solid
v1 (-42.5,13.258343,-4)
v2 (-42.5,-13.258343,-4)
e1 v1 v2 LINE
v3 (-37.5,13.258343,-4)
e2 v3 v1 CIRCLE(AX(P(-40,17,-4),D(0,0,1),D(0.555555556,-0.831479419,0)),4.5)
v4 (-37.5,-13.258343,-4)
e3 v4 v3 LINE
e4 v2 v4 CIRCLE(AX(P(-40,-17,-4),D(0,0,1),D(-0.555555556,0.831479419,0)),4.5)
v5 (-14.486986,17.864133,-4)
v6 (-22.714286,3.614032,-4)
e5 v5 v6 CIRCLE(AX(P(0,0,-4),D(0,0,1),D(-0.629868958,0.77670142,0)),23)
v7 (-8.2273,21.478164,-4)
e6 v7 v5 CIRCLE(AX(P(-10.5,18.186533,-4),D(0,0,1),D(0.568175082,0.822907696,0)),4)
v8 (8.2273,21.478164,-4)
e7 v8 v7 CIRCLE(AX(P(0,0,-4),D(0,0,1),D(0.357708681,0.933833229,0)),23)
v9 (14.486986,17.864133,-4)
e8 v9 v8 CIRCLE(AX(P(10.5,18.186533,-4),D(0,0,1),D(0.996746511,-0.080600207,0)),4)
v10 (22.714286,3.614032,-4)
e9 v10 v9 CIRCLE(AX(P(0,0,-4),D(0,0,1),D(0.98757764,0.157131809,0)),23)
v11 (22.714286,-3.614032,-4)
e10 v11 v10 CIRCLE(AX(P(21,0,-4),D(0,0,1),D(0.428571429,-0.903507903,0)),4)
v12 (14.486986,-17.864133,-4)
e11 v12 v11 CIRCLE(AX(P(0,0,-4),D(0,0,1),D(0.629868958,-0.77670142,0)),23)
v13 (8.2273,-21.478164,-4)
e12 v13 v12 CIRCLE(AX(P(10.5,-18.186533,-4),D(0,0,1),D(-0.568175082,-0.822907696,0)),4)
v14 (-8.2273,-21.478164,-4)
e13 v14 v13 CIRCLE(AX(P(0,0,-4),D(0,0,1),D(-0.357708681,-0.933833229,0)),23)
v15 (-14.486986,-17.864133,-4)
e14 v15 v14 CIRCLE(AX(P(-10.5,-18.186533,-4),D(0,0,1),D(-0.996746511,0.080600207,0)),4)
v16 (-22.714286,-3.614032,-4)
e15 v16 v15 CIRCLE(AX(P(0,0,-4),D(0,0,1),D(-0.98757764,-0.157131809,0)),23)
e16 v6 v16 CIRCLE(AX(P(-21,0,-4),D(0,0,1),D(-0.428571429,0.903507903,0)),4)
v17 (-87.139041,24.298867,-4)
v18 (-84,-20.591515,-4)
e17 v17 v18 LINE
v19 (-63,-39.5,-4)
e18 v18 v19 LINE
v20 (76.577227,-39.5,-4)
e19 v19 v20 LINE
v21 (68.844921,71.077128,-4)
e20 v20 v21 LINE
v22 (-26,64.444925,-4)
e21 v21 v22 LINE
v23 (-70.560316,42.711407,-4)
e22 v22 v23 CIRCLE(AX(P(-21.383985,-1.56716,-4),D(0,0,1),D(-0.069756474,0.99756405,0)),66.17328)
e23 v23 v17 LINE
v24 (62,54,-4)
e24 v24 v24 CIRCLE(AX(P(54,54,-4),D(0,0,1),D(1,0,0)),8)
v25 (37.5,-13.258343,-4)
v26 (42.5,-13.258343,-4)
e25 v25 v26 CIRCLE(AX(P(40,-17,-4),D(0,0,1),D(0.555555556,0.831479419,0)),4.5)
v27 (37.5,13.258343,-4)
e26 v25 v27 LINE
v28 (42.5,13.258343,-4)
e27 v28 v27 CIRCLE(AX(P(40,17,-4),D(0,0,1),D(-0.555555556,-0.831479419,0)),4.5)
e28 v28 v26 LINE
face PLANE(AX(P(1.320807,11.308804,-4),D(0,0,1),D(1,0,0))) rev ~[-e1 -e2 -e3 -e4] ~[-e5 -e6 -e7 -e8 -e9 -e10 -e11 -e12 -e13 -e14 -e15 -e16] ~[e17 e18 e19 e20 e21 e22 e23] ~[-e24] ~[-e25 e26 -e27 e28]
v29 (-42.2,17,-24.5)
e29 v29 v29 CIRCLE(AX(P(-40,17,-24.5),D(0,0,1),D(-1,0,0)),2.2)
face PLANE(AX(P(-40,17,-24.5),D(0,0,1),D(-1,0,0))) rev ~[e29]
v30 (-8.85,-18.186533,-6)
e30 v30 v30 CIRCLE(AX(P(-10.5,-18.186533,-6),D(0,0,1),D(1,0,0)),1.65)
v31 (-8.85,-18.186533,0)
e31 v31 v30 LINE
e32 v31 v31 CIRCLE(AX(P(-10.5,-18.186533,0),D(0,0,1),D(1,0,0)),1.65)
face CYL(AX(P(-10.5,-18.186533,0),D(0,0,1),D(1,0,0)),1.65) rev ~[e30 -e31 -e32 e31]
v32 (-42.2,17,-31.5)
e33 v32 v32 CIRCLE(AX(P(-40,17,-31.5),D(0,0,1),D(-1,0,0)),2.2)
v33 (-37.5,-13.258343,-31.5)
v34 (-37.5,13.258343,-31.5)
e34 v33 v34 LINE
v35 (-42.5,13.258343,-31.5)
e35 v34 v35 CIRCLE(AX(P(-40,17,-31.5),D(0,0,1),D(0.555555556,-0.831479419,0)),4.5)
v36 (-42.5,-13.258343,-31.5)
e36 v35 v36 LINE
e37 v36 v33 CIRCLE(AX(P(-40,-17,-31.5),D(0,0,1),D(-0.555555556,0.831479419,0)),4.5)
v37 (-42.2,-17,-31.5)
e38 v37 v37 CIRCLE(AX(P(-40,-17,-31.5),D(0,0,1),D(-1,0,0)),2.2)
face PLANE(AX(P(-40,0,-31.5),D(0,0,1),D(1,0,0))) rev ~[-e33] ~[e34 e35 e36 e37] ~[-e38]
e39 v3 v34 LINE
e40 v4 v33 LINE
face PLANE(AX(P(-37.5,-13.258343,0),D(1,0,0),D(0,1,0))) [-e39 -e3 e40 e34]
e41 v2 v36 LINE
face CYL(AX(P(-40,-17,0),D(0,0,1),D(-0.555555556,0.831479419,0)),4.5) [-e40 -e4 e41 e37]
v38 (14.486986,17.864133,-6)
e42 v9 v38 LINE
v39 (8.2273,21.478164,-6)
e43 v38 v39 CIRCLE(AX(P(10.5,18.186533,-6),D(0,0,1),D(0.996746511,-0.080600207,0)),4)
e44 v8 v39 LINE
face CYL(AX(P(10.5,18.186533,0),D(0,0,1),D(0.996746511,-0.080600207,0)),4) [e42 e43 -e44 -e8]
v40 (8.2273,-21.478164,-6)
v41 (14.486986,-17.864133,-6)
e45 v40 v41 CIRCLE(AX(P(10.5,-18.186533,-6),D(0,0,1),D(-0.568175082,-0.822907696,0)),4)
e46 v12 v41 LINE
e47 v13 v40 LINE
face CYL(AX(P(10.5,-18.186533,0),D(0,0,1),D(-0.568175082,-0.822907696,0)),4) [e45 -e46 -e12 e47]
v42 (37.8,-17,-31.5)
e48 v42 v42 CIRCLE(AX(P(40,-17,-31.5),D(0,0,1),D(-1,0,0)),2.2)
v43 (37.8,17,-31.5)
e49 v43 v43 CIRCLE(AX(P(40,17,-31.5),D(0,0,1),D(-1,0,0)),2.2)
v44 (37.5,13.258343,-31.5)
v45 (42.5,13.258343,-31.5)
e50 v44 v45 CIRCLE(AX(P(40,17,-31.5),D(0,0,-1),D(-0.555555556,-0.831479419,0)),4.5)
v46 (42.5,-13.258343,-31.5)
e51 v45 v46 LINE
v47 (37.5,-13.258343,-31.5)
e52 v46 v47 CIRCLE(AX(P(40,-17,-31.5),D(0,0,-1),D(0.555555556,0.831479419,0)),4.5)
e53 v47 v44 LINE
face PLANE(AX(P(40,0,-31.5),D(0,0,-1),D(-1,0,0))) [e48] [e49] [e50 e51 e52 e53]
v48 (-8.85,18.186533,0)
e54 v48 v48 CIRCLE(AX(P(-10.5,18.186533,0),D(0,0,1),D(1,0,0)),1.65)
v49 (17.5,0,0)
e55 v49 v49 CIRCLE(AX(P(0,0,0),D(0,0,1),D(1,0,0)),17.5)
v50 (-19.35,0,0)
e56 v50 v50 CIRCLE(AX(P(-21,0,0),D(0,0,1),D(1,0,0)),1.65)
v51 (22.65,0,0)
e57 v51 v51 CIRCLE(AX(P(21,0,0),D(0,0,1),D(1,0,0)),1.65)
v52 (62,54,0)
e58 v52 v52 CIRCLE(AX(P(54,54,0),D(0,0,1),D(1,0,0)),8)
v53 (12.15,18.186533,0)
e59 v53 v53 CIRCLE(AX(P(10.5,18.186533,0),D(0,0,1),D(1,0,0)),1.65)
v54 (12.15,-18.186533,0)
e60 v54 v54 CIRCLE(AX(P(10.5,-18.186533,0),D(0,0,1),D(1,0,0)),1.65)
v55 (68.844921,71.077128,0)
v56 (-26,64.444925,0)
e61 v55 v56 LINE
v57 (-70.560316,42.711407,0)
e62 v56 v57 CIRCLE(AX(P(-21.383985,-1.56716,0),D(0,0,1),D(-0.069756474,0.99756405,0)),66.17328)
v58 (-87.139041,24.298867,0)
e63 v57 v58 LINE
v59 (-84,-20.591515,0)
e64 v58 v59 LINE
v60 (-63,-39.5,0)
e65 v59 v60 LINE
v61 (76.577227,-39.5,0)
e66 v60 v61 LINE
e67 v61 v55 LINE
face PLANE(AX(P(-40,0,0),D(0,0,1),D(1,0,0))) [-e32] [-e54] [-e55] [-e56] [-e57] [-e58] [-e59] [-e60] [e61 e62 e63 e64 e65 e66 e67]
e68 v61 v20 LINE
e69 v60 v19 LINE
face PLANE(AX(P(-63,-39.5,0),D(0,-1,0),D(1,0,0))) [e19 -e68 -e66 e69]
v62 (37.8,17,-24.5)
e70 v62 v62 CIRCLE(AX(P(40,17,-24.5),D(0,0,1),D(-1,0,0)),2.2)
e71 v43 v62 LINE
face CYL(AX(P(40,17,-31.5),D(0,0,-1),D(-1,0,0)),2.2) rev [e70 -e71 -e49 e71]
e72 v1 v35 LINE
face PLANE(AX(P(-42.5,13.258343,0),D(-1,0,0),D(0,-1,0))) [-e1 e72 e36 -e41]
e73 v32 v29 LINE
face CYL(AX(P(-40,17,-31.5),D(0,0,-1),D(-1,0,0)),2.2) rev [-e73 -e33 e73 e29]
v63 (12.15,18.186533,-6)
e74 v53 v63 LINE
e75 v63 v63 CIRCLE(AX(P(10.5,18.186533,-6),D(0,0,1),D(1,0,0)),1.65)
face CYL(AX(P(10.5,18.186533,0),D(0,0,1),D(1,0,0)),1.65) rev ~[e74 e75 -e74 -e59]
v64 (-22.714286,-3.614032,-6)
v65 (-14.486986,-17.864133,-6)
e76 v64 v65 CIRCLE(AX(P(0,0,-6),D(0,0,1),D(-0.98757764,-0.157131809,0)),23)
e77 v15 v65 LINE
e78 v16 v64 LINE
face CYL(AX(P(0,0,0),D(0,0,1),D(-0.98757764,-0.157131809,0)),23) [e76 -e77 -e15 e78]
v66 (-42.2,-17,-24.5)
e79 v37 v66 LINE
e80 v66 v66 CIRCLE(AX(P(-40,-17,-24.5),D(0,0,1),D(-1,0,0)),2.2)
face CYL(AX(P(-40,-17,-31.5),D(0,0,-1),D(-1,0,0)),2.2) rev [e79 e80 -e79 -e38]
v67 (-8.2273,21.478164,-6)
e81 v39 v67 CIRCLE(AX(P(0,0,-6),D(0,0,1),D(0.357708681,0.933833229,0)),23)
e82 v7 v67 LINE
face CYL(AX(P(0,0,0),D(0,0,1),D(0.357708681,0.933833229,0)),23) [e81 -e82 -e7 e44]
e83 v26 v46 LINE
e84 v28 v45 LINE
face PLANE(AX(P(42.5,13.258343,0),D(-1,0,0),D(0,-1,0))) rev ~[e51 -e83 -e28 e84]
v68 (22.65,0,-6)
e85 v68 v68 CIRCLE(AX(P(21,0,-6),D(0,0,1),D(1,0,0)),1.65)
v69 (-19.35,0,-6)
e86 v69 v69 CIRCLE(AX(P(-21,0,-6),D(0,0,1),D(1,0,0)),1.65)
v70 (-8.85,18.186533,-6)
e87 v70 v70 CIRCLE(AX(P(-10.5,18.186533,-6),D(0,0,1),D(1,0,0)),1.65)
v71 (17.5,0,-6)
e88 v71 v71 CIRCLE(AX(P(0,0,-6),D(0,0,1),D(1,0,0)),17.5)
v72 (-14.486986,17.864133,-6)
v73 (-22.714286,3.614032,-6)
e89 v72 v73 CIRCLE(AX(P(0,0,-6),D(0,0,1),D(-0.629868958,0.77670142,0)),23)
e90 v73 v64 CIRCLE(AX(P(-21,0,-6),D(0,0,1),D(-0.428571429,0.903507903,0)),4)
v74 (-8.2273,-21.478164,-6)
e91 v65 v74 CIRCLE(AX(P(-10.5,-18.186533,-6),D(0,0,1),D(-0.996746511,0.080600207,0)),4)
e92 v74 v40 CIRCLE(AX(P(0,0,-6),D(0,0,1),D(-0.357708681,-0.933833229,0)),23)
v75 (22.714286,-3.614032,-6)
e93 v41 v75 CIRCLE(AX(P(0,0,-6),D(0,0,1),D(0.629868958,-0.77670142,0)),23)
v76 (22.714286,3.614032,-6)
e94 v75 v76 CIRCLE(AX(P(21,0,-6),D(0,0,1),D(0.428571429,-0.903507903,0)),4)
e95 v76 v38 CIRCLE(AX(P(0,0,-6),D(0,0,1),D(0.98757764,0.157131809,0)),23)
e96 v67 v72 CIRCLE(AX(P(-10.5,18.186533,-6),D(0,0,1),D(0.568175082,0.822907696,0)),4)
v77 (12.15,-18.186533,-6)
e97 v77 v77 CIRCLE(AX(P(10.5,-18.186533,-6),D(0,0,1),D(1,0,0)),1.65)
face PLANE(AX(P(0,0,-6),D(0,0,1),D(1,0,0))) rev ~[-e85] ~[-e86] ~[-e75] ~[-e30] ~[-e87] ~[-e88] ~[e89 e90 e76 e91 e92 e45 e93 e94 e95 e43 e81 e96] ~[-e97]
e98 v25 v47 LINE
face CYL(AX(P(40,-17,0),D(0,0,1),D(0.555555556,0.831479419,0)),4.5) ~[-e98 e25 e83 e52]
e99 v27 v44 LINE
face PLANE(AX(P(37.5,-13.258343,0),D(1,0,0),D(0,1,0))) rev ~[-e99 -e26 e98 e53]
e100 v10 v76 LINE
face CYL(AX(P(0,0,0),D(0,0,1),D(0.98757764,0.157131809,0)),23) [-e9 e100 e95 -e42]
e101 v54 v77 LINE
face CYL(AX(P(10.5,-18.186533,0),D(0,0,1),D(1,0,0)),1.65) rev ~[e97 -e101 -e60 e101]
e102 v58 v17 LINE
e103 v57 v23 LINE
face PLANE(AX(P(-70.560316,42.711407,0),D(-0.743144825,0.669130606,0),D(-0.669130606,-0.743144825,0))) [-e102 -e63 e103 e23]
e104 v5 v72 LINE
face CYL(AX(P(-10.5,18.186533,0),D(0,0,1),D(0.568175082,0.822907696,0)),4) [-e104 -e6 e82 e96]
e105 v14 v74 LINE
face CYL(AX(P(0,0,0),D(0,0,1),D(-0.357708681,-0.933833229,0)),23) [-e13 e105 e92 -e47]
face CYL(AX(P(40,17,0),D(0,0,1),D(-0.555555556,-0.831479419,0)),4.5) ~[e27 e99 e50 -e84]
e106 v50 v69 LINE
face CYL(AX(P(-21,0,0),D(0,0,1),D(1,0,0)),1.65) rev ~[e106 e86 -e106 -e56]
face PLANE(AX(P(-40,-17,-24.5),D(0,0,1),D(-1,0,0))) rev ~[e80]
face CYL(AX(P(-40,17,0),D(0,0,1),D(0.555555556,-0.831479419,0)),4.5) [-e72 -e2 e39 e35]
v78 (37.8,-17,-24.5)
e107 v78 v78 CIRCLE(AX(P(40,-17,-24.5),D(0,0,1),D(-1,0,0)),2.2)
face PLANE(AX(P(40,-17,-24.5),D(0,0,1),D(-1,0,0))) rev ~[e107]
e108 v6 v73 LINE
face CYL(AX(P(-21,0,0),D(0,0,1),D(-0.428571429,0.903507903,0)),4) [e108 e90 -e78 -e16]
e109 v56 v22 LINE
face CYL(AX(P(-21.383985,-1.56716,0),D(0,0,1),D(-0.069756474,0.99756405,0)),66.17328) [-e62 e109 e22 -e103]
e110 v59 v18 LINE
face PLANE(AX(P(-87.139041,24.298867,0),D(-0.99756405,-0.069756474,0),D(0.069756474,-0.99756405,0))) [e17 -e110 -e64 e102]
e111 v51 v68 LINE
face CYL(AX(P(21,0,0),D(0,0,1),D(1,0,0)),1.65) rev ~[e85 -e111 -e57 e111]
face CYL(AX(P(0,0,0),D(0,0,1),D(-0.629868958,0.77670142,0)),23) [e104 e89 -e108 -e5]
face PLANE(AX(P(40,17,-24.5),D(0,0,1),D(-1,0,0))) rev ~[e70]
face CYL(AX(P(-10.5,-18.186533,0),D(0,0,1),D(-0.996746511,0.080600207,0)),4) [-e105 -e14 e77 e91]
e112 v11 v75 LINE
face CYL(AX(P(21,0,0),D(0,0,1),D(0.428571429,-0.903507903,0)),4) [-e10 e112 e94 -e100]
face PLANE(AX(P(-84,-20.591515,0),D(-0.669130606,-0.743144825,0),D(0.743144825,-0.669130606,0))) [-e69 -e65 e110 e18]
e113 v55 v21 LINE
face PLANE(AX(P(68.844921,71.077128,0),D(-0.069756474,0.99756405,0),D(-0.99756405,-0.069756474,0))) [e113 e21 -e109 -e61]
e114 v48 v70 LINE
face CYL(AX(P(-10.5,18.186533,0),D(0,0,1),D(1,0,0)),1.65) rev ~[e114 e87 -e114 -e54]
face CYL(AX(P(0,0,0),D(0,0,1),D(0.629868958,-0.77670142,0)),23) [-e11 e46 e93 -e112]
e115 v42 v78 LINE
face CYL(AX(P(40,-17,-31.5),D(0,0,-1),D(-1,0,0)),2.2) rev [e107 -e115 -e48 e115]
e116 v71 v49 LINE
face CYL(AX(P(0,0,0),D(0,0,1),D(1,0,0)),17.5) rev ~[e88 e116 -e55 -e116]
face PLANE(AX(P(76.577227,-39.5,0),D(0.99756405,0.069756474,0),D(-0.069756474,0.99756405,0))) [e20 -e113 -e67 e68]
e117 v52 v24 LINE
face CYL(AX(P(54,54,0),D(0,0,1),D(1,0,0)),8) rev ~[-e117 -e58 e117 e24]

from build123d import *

# Parameters (mm, degrees)
SKETCH2_R           = 8
SKETCH2_R_2         = 17.5
BOSS_EXTRUDE2_DEPTH = 4
SKETCH2_3_R         = 17.5
BOSS_EXTRUDE3_DEPTH = 6
SKETCH2_6_R         = 1.65
CUT_EXTRUDE1_DEPTH  = 113.610704204
BOSS_EXTRUDE4_DEPTH = 31.5
CUT_EXTRUDE2_START  = -31.5
SKETCH2_8_R         = 2.2
CUT_EXTRUDE2_DEPTH  = 7


with BuildPart() as part:
    # Sketch2 → Boss-Extrude2 (new body)
    with BuildSketch(Plane.XY):
        with BuildLine():
            Line((-87.139041318, 24.298867192), (-84, -20.59151507))
            Line((-84, -20.59151507), (-63, -39.5))
            Line((-63, -39.5), (76.577227286, -39.5))
            Line((76.577227286, -39.5), (68.844921224, 71.077128384))
            Line((68.844921224, 71.077128384), (-26, 64.444925414))
            ThreePointArc((-26, 64.444925414), (-50.392441883, 57.90899031), (-70.560315786, 42.711407248))
            Line((-70.560315786, 42.711407248), (-87.139041318, 24.298867192))
        make_face()
        with Locations((54, 54)):
            Circle(SKETCH2_R, mode=Mode.SUBTRACT)
        Circle(SKETCH2_R_2, mode=Mode.SUBTRACT)
    extrude(amount=-BOSS_EXTRUDE2_DEPTH)

    # Sketch2<3> → Boss-Extrude3 (add)
    with BuildSketch(Plane.XY):
        with BuildLine():
            ThreePointArc((-14.486986043, 17.864132652), (-19.918584287, 11.5), (-22.714285714, 3.614031612))
            ThreePointArc((-22.714285714, 3.614031612), (-25, 0), (-22.714285714, -3.614031612))
            ThreePointArc((-22.714285714, -3.614031612), (-19.918584287, -11.5), (-14.486986043, -17.864132652))
            ThreePointArc((-14.486986043, -17.864132652), (-12.5, -21.650635095), (-8.227299671, -21.478164263))
            ThreePointArc((-8.227299671, -21.478164263), (0, -23), (8.227299671, -21.478164263))
            ThreePointArc((8.227299671, -21.478164263), (12.5, -21.650635095), (14.486986043, -17.864132652))
            ThreePointArc((14.486986043, -17.864132652), (19.918584287, -11.5), (22.714285714, -3.614031612))
            ThreePointArc((22.714285714, -3.614031612), (25, 0), (22.714285714, 3.614031612))
            ThreePointArc((22.714285714, 3.614031612), (19.918584287, 11.5), (14.486986043, 17.864132652))
            ThreePointArc((14.486986043, 17.864132652), (12.5, 21.650635095), (8.227299671, 21.478164263))
            ThreePointArc((8.227299671, 21.478164263), (0, 23), (-8.227299671, 21.478164263))
            ThreePointArc((-8.227299671, 21.478164263), (-12.5, 21.650635095), (-14.486986043, 17.864132652))
        make_face()
        Circle(SKETCH2_3_R, mode=Mode.SUBTRACT)
    extrude(amount=-BOSS_EXTRUDE3_DEPTH)

    # Sketch2<6> → Cut-Extrude1 (cut, through all)
    with BuildSketch(Plane.XY):
        with Locations((-10.5, 18.186533479)):
            Circle(SKETCH2_6_R)
        with Locations((10.5, 18.186533479)):
            Circle(SKETCH2_6_R)
        with Locations((21, 0)):
            Circle(SKETCH2_6_R)
        with Locations((10.5, -18.186533479)):
            Circle(SKETCH2_6_R)
        with Locations((-10.5, -18.186533479)):
            Circle(SKETCH2_6_R)
        with Locations((-21, 0)):
            Circle(SKETCH2_6_R)
    extrude(amount=-CUT_EXTRUDE1_DEPTH, mode=Mode.SUBTRACT)

    # Sketch2<7> → Boss-Extrude4 (add)
    with BuildSketch(Plane.XY):
        with BuildLine():
            Line((-42.5, 13.258342613), (-42.5, -13.258342613))
            ThreePointArc((-42.5, -13.258342613), (-40, -21.5), (-37.5, -13.258342613))
            Line((-37.5, -13.258342613), (-37.5, 13.258342613))
            ThreePointArc((-37.5, 13.258342613), (-40, 21.5), (-42.5, 13.258342613))
        make_face()
        with BuildLine():
            Line((42.5, 13.258342613), (42.5, -13.258342613))
            ThreePointArc((42.5, -13.258342613), (40, -21.5), (37.5, -13.258342613))
            Line((37.5, -13.258342613), (37.5, 13.258342613))
            ThreePointArc((37.5, 13.258342613), (40, 21.5), (42.5, 13.258342613))
        make_face()
    extrude(amount=-BOSS_EXTRUDE4_DEPTH)

    # Sketch2<8> → Cut-Extrude2 (cut)
    with BuildSketch(Plane.XY.offset(CUT_EXTRUDE2_START)):
        with Locations(Location((-40, 17, 0), (0, 0, 180))):
            Circle(SKETCH2_8_R)
        with Locations(Location((-40, -17, 0), (0, 0, 180))):
            Circle(SKETCH2_8_R)
        with Locations(Location((40, 17, 0), (0, 0, 180))):
            Circle(SKETCH2_8_R)
        with Locations(Location((40, -17, 0), (0, 0, 180))):
            Circle(SKETCH2_8_R)
    extrude(amount=CUT_EXTRUDE2_DEPTH, mode=Mode.SUBTRACT)


solid = part.part
